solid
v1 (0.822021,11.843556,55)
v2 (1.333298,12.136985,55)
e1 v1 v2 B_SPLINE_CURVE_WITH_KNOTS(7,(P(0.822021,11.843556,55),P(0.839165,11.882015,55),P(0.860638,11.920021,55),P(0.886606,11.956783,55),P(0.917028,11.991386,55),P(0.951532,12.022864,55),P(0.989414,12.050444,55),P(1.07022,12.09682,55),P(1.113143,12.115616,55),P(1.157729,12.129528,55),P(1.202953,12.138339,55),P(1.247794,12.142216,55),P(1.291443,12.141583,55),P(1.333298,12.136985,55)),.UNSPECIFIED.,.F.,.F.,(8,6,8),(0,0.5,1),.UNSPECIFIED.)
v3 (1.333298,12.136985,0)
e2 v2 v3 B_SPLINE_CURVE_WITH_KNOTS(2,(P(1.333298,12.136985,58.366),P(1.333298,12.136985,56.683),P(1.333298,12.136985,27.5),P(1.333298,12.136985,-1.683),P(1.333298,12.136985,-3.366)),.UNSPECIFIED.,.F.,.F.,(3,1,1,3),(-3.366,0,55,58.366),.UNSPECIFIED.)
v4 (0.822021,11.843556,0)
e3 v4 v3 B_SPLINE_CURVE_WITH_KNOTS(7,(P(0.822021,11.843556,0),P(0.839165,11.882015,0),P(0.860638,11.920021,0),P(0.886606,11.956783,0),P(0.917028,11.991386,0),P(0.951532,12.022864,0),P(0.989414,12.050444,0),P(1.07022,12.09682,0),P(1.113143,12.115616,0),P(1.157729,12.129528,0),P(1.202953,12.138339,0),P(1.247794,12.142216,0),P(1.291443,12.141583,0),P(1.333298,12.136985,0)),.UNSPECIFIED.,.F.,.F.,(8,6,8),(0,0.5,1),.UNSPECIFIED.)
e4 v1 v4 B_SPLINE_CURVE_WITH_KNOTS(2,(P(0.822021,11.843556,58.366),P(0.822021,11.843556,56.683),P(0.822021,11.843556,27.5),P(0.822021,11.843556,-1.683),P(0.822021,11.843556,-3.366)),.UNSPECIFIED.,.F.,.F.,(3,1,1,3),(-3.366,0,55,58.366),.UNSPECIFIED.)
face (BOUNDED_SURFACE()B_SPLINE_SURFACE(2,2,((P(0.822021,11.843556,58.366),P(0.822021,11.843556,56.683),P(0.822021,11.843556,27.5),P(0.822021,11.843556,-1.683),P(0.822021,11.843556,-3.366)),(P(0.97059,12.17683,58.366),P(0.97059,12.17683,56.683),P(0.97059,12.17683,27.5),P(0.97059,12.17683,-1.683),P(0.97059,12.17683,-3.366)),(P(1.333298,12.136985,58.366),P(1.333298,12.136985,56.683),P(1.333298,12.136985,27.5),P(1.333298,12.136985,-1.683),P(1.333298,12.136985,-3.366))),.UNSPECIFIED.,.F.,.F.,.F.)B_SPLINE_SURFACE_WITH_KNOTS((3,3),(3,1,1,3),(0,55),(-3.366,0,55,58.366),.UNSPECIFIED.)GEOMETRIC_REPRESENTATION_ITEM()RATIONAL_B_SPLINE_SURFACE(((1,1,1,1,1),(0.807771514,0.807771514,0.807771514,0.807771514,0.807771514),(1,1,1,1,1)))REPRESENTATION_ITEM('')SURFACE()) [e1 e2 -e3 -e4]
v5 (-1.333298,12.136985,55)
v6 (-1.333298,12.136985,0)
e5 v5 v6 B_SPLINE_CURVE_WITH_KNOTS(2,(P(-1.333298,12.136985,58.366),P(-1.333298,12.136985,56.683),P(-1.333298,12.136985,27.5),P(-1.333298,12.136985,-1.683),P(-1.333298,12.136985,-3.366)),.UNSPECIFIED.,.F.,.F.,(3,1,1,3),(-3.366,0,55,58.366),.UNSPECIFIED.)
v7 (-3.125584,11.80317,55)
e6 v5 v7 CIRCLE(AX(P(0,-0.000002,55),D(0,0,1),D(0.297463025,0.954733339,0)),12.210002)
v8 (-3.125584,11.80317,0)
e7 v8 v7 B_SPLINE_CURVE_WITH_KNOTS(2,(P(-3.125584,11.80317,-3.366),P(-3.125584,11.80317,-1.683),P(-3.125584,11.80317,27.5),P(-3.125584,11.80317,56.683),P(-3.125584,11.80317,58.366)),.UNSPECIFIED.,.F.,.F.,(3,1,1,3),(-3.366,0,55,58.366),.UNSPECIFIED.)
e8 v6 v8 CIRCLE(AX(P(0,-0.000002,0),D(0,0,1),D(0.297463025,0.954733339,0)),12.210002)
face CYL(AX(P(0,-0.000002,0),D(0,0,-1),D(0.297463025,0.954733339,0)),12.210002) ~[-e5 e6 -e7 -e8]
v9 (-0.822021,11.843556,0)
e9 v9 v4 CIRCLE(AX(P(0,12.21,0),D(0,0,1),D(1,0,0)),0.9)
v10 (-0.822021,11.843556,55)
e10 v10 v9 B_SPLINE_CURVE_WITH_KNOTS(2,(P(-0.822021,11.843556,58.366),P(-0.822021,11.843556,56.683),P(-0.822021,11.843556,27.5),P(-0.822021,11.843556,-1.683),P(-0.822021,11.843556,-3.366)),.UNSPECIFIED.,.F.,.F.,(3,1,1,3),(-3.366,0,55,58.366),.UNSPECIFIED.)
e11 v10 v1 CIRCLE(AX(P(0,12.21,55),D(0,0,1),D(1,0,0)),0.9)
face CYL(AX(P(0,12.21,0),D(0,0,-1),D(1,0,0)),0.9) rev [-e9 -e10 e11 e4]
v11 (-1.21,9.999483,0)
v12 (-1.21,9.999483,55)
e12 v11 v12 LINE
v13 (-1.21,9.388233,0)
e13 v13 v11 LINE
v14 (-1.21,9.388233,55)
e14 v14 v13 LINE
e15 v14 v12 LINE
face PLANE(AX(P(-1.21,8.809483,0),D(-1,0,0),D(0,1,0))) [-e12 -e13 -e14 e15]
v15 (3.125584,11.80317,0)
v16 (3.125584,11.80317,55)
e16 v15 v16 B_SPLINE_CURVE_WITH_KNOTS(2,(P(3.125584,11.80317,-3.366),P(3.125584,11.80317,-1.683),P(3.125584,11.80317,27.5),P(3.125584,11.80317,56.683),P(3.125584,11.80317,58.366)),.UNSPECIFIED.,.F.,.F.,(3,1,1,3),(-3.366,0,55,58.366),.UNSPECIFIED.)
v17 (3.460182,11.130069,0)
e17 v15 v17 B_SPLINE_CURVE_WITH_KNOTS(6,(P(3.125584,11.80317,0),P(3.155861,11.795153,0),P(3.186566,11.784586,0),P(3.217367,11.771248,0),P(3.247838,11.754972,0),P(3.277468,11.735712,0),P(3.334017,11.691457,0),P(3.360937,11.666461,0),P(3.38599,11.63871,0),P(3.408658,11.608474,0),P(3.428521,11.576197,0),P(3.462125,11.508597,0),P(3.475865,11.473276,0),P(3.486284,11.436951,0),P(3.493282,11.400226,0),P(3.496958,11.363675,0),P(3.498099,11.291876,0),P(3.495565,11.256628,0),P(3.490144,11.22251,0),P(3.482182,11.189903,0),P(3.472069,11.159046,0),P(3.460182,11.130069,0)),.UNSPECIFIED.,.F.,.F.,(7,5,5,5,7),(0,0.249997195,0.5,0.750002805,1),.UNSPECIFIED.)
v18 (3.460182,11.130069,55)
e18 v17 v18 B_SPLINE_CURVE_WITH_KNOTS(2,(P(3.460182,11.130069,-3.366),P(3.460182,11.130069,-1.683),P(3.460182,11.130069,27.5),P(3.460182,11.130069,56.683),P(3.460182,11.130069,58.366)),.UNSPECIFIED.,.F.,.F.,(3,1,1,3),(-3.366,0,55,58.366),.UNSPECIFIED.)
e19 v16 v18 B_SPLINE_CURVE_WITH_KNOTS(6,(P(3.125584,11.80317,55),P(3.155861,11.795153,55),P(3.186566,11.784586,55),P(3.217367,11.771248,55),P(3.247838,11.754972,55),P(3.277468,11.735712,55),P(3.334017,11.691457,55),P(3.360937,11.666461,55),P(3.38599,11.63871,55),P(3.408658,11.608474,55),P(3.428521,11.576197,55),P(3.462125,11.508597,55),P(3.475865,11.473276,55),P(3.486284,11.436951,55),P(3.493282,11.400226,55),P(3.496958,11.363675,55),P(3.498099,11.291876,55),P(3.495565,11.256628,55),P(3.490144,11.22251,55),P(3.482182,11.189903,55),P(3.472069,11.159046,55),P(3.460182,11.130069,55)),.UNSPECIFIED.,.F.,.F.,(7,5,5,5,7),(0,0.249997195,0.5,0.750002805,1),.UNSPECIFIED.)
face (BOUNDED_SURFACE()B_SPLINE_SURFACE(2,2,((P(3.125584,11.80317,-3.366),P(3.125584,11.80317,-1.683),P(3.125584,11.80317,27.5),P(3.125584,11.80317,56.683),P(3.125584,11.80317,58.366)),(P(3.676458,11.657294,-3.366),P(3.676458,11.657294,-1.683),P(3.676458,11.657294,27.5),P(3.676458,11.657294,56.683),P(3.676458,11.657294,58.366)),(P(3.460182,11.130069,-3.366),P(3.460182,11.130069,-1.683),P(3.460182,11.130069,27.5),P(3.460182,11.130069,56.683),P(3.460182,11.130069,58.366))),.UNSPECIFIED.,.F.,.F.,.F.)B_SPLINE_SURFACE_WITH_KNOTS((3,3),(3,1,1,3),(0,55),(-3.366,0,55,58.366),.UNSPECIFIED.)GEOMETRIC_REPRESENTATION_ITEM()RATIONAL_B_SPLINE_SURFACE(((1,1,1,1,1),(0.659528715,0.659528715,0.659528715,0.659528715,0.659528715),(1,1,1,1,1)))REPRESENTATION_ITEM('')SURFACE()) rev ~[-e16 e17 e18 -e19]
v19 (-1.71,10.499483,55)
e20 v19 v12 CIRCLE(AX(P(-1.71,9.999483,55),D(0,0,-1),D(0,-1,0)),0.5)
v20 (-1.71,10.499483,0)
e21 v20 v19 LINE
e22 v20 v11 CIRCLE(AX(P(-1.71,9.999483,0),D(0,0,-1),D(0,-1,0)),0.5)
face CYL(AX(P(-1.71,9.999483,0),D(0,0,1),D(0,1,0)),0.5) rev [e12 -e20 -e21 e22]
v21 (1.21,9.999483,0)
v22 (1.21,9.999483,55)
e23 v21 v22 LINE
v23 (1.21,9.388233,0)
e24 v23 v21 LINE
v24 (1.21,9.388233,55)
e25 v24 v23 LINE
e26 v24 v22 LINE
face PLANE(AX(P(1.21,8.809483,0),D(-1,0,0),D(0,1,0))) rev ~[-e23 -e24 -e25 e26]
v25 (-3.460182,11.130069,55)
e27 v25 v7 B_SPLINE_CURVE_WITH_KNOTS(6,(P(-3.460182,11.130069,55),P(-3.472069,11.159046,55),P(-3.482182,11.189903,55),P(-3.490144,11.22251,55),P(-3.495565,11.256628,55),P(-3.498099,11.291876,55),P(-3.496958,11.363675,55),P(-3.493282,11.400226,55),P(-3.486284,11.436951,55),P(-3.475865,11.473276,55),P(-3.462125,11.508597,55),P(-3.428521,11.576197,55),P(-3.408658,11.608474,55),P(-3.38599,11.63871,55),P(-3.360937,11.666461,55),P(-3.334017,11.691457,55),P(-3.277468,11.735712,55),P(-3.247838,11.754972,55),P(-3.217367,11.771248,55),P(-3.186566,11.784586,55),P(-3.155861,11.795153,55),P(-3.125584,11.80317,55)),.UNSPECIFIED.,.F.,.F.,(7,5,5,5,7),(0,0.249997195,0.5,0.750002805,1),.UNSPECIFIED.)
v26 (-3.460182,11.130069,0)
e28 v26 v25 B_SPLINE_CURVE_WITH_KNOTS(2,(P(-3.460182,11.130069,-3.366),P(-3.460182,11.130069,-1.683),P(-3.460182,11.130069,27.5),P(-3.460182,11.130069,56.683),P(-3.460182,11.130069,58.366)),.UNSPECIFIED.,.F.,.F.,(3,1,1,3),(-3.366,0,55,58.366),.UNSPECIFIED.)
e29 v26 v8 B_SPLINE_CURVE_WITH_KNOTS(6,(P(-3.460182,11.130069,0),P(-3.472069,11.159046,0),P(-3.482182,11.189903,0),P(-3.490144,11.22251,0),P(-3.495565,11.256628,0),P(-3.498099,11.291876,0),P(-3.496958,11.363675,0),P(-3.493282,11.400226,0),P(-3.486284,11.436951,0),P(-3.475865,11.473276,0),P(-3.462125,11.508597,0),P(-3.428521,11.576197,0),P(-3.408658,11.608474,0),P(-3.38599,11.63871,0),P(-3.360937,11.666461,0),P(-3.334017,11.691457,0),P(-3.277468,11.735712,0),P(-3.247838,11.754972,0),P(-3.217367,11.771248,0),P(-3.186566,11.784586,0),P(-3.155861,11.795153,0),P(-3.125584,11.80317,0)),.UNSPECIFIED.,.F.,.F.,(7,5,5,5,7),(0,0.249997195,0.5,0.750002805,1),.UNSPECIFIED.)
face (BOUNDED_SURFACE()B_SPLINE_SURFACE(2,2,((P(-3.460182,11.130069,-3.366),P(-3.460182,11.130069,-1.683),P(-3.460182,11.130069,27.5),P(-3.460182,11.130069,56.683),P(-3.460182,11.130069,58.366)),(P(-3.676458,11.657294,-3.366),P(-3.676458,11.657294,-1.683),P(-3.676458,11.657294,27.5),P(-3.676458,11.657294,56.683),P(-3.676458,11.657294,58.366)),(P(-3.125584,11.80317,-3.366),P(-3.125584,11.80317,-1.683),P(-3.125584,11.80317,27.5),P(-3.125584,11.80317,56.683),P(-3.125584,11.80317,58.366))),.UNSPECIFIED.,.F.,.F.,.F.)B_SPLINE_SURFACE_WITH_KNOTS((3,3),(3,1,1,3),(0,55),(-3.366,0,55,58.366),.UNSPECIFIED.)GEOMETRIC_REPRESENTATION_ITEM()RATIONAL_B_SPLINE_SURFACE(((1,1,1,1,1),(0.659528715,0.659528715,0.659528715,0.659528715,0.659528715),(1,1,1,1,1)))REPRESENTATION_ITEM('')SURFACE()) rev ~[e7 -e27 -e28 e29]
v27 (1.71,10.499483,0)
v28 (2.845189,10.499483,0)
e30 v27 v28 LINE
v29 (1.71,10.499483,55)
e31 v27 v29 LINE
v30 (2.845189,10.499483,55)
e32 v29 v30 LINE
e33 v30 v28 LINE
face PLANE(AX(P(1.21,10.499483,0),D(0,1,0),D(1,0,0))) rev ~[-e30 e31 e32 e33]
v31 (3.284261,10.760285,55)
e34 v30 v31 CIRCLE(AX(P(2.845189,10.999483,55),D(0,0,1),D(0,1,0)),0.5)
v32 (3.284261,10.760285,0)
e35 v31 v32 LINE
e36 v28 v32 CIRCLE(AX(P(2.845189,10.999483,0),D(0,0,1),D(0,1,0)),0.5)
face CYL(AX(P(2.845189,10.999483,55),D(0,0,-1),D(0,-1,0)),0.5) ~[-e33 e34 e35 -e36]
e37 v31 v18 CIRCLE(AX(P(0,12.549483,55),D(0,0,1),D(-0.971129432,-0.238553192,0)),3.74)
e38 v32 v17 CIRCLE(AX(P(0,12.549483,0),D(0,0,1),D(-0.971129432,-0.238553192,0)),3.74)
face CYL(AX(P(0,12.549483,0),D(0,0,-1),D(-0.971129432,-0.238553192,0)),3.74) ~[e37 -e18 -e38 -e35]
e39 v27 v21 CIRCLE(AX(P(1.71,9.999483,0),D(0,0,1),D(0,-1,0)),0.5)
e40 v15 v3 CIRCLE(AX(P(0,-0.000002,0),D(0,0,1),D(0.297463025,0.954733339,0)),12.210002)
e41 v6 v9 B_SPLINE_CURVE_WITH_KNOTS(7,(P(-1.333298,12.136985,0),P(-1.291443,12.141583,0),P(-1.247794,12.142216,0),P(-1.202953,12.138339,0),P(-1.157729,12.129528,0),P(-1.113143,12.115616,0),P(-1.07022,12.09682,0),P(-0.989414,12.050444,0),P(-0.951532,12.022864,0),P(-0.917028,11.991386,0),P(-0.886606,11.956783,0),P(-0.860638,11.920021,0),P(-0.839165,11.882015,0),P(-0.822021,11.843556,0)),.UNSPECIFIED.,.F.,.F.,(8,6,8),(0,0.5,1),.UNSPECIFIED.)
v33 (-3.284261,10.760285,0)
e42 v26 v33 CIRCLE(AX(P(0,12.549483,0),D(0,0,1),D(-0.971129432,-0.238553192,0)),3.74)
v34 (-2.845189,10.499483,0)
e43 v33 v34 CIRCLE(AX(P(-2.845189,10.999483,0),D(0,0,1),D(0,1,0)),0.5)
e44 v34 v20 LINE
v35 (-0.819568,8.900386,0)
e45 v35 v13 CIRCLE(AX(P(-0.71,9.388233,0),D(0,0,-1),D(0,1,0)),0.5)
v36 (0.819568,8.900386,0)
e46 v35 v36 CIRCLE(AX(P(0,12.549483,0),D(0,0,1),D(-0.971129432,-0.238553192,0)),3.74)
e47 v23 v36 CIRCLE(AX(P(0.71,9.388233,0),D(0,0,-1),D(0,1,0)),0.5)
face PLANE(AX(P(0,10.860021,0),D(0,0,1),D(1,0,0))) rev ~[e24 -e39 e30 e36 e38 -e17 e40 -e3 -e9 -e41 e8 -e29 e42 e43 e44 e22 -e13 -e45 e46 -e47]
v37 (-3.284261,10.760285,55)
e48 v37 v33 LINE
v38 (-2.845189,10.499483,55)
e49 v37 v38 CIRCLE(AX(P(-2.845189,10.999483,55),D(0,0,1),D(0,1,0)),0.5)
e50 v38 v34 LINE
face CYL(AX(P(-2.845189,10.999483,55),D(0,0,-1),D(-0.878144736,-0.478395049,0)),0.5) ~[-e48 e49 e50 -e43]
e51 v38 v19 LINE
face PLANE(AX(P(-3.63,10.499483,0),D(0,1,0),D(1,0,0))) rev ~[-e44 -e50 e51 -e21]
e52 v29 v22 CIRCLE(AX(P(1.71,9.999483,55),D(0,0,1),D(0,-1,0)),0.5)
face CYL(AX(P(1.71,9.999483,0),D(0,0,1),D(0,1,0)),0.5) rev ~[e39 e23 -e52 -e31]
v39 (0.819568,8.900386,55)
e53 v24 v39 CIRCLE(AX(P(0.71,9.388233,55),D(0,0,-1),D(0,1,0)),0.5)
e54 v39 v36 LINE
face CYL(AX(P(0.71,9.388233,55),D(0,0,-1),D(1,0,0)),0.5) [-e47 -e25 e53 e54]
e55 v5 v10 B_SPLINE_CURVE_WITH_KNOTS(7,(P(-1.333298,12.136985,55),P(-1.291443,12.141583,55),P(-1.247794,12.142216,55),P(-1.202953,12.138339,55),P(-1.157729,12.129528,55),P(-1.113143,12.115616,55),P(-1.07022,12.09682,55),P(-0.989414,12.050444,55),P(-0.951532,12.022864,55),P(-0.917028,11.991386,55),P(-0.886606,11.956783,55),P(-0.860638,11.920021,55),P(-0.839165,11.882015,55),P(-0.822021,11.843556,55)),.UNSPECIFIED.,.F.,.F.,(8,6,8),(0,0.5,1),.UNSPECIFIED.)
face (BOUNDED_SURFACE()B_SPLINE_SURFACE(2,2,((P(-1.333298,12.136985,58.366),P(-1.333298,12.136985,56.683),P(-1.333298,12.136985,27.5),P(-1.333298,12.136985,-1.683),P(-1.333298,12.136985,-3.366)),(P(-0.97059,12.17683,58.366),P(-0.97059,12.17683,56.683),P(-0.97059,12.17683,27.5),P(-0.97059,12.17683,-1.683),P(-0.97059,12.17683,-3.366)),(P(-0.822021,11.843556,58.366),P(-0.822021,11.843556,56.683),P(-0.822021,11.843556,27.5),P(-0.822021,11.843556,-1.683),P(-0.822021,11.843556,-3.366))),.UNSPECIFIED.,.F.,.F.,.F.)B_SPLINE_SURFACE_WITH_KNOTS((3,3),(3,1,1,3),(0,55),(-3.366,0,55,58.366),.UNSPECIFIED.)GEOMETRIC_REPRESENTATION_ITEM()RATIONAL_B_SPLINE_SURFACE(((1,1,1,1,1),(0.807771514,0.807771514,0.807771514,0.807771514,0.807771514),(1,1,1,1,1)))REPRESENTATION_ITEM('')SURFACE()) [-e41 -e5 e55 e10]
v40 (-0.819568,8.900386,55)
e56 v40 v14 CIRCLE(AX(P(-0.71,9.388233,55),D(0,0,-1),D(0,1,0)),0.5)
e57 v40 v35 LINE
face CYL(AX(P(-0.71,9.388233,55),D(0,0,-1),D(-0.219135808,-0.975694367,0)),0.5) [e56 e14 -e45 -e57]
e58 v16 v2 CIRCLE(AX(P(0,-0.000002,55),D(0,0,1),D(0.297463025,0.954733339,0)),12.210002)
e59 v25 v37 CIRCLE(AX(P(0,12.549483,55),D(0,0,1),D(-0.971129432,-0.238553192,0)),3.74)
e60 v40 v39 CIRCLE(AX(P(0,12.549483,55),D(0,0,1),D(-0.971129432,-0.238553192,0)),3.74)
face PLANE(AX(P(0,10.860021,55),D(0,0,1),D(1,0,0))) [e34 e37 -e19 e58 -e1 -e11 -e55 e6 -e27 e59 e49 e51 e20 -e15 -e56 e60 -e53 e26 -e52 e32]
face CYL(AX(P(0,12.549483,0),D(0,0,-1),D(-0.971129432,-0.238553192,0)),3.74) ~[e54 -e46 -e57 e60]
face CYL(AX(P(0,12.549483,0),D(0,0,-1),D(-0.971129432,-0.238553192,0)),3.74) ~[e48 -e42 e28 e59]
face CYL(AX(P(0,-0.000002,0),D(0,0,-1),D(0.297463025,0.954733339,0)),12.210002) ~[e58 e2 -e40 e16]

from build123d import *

# Parameters (mm, degrees)
CYLINDER001_R     = 0.9
CYLINDER001_DEPTH = 55
BOX006_W          = 2.42
BOX006_H          = 1.69
BOX006_DEPTH      = 55
BOX005_W          = 2.42
BOX005_H          = 1.69
BOX005_DEPTH      = 55
EXTRUDE010_DEPTH  = 55
FILLET010_R       = 0.5


with BuildPart() as cilindro:
    # Cylinder001 → Cylinder001 (new body)
    with BuildSketch(Plane(origin=(0, 12.21, 0), x_dir=(1, 0, 0), z_dir=(0, 0, 1))):
        Circle(CYLINDER001_R)
    extrude(amount=CYLINDER001_DEPTH)


with BuildPart() as cubo_der:
    # Box006 → Box006 (new body)
    with BuildSketch(Plane(origin=(1.21, 8.809483, 0), x_dir=(1, 0, 0), z_dir=(0, 0, 1))):
        with Locations((1.21, 0.845)):
            Rectangle(BOX006_W, BOX006_H)
    extrude(amount=BOX006_DEPTH)


with BuildPart() as cubo_izq:
    # Box005 → Box005 (new body)
    with BuildSketch(Plane(origin=(-3.63, 8.809483, 0), x_dir=(1, 0, 0), z_dir=(0, 0, 1))):
        with Locations((1.21, 0.845)):
            Rectangle(BOX005_W, BOX005_H)
    extrude(amount=BOX005_DEPTH)


with BuildPart() as barrote_nuevo_final001:
    # Sketch009 → Extrude010 (new body)
    with BuildSketch(Plane.XY):
        with BuildLine():
            ThreePointArc((-3.632024, 11.657294), (0, 8.809483), (3.632024, 11.657294))
            ThreePointArc((3.632024, 11.657294), (0, 12.21), (-3.632024, 11.657294))
        make_face()
    extrude(amount=EXTRUDE010_DEPTH)

    # Cut004: cut Cubo izq
    add(cubo_izq.part, mode=Mode.SUBTRACT)

    # Cut005: cut Cubo der
    add(cubo_der.part, mode=Mode.SUBTRACT)

    # Cut006: cut Cilindro
    add(cilindro.part, mode=Mode.SUBTRACT)

    # Fillet010
    fillet010_edges = [barrote_nuevo_final001.edges().sort_by_distance(p)[0] for p in [
        (-3.128114, 10.499483, 27.5),
        (-3.632024, 11.657294, 27.5),
        (-1.21, 10.499483, 27.5),
        (-0.899389, 12.17683, 27.5),
        (3.128114, 10.499483, 27.5),
        (1.21, 10.499483, 27.5),
        (1.21, 9.010627, 27.5),
        (-1.21, 9.010627, 27.5),
        (0.899389, 12.17683, 27.5),
        (3.632024, 11.657294, 27.5),
    ]]
    fillet(fillet010_edges, radius=FILLET010_R)


solid = barrote_nuevo_final001.part
